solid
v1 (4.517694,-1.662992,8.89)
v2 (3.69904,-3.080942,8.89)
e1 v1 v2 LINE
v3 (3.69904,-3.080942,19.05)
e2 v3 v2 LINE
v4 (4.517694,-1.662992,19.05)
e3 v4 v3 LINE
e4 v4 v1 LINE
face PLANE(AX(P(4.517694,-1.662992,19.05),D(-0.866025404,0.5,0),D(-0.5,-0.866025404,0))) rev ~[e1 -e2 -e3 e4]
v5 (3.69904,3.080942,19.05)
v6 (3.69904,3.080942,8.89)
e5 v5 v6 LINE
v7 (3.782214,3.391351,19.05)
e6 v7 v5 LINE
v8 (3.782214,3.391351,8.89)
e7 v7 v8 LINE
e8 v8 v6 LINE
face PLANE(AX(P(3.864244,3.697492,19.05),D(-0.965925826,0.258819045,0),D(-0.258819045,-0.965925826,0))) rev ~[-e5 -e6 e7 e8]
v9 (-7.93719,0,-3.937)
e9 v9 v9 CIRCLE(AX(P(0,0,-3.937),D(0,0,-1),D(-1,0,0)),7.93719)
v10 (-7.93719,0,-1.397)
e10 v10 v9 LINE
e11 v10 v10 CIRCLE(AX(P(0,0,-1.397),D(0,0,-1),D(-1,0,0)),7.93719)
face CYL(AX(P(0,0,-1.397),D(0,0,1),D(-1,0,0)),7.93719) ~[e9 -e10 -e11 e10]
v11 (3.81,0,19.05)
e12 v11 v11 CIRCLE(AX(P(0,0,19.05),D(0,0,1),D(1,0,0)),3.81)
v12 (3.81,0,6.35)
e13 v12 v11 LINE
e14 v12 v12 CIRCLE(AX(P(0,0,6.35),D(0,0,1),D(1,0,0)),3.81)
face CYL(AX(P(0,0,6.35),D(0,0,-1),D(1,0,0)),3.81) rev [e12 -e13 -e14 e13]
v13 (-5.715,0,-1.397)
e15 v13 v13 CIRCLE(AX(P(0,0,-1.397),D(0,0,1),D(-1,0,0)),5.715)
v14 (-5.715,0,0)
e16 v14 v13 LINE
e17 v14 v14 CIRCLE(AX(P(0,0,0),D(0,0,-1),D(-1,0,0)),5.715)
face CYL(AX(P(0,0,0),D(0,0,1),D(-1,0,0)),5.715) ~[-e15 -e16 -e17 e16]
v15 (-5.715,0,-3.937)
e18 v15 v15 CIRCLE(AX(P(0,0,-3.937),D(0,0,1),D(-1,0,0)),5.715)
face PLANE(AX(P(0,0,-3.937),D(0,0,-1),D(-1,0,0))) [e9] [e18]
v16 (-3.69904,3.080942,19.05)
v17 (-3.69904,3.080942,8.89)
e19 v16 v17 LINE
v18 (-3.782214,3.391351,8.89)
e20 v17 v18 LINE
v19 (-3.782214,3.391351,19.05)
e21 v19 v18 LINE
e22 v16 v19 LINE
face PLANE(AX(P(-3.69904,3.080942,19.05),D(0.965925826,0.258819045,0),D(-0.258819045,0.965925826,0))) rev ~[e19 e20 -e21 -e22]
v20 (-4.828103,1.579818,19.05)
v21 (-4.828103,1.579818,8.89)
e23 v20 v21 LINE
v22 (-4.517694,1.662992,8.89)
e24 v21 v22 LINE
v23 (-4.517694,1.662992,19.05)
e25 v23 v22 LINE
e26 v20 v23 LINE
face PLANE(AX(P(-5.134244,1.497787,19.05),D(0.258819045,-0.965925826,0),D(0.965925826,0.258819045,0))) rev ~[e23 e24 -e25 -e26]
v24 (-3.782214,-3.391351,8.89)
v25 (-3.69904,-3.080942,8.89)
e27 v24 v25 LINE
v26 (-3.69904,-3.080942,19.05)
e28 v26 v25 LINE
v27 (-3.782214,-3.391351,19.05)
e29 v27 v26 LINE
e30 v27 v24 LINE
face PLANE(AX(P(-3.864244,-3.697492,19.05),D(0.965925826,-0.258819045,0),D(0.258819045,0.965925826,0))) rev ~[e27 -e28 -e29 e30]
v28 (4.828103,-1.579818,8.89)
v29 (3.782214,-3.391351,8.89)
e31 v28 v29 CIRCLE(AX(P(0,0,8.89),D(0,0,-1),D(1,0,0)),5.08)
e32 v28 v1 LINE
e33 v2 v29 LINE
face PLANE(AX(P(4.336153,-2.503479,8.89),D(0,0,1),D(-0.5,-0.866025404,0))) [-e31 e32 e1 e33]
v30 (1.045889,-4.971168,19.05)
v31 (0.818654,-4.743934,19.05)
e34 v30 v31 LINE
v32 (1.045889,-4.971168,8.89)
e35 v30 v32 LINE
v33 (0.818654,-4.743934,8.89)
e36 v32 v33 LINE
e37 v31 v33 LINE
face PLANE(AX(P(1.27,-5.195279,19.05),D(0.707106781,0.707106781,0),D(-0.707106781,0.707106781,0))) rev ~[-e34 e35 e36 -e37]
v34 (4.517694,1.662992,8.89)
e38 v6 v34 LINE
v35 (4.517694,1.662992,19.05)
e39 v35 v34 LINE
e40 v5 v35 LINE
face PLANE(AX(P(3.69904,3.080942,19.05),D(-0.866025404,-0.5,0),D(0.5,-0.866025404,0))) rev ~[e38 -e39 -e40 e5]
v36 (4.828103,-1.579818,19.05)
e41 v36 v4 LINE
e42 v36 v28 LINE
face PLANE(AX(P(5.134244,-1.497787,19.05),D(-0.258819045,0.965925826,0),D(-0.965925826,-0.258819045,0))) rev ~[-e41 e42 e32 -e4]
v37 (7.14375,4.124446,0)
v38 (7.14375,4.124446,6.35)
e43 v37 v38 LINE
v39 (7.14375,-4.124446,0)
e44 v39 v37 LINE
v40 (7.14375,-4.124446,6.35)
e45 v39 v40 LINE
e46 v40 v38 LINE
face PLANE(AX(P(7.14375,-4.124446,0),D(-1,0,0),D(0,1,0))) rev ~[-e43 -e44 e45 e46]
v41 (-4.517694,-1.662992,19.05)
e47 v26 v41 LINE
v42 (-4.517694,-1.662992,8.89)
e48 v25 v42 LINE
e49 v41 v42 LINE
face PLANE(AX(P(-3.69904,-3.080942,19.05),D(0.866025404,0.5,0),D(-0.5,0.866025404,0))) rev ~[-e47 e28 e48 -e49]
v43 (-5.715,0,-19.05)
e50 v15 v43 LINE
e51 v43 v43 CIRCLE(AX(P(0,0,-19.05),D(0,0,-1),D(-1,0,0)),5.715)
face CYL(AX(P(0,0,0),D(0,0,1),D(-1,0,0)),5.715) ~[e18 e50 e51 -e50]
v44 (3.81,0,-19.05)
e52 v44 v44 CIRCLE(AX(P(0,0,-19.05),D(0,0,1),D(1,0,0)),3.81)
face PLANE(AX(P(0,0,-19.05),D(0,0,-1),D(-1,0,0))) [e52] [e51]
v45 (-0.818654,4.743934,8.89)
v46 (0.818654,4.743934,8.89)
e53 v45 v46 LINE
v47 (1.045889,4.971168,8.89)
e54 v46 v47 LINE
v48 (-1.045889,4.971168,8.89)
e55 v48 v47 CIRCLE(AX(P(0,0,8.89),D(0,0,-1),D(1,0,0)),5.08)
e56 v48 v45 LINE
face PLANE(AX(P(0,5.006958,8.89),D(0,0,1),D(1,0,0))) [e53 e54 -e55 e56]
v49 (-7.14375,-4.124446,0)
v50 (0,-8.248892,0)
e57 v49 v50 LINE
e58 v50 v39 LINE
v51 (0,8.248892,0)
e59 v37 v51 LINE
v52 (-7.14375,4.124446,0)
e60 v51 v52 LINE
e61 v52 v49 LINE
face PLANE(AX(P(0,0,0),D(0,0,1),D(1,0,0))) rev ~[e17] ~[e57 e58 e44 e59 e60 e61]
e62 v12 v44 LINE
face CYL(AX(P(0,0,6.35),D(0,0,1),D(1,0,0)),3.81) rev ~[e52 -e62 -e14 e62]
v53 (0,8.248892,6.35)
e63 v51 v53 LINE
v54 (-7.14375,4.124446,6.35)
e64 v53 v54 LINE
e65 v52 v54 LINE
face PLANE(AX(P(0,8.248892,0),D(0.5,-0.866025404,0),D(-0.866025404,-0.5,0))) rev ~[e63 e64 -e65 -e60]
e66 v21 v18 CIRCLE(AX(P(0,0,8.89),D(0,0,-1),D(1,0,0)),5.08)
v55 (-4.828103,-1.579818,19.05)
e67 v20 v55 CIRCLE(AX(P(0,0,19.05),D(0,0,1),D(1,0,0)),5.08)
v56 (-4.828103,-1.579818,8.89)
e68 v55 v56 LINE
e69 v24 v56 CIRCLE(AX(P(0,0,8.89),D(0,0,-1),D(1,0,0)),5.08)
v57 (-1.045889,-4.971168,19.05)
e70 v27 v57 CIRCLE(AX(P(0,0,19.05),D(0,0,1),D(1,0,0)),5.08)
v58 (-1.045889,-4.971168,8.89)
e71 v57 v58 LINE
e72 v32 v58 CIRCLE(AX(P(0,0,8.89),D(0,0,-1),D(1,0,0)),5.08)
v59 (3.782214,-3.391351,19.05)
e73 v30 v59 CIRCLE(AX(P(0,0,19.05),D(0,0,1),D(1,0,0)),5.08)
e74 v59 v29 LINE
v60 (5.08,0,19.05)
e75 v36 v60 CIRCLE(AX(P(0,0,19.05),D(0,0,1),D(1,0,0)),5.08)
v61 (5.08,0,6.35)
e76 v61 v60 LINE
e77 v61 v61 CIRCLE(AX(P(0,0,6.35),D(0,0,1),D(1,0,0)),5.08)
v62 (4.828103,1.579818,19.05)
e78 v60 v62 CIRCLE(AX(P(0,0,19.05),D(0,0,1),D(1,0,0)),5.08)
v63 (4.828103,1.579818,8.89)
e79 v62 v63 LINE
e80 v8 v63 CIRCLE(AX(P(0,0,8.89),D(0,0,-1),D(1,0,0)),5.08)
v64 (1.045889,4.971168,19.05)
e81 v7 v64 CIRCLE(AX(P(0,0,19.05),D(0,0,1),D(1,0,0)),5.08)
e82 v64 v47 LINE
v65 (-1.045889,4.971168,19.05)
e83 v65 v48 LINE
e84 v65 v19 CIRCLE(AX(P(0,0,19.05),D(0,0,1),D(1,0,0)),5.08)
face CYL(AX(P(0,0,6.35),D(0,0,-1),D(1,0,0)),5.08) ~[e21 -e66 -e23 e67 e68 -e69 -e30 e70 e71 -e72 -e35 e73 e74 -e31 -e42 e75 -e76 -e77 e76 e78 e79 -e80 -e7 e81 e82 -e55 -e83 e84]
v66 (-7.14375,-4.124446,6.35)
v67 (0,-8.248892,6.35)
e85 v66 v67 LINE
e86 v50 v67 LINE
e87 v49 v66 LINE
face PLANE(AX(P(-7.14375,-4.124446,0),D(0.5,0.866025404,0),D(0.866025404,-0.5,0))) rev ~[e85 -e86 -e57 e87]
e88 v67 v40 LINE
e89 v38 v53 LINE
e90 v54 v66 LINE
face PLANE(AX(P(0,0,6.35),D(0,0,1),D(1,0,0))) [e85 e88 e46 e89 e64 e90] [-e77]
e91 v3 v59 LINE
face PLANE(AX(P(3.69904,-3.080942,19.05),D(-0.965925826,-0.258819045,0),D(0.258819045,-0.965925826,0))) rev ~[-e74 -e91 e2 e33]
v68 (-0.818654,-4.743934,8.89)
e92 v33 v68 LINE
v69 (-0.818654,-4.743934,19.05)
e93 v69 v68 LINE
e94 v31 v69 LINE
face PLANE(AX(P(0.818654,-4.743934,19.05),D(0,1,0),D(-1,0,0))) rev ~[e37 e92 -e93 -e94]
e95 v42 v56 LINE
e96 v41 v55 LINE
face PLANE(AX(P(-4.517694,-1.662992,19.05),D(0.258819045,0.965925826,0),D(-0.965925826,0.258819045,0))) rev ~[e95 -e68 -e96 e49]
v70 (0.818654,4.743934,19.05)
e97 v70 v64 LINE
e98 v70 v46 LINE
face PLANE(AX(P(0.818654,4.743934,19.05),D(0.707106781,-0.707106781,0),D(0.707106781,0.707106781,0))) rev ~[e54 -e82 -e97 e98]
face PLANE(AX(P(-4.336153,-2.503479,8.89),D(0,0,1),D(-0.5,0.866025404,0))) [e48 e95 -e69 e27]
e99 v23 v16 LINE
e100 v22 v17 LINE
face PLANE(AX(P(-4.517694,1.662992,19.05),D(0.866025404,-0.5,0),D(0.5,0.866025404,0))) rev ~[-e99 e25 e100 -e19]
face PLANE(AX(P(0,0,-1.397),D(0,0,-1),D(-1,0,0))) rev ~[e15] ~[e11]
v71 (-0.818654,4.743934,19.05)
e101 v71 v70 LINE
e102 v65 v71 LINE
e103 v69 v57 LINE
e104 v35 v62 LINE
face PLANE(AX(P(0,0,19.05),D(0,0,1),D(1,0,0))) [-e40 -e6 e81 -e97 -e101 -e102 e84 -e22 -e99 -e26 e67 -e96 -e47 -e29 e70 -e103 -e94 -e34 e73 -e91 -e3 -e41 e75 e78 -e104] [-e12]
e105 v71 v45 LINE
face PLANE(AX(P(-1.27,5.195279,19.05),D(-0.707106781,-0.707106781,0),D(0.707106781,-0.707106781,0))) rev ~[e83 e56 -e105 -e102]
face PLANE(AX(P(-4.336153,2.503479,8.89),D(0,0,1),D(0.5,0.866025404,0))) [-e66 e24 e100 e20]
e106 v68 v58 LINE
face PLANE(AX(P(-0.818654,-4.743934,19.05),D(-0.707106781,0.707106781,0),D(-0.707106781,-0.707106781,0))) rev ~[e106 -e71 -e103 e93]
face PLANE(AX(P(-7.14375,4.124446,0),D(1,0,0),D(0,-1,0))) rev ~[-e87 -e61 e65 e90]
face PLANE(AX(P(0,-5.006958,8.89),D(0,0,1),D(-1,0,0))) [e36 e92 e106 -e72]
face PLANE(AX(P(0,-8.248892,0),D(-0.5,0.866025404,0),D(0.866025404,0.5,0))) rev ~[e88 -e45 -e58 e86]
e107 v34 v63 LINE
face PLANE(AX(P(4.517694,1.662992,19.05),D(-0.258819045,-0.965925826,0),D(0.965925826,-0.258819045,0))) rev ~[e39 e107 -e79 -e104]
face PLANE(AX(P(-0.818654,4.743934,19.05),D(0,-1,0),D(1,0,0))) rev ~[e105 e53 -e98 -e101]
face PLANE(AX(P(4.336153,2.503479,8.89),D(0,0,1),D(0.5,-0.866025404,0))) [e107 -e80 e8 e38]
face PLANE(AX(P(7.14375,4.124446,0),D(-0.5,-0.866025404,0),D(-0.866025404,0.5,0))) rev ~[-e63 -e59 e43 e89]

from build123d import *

# Parameters (mm, degrees)
BOSS_EXTRUDE1_DEPTH = 6.35
SKETCH2_R           = 5.08
SKETCH2_R_2         = 3.81
BOSS_EXTRUDE2_DEPTH = 12.7
SKETCH3_R           = 5.715
BOSS_EXTRUDE3_DEPTH = 19.05
SKETCH4_R           = 7.937190451
BOSS_EXTRUDE4_DEPTH = 2.54
SKETCH5_R           = 3.81
CUT_EXTRUDE1_DEPTH  = 26.4
CUT_EXTRUDE2_DEPTH  = 10.16
CIRPATTERN1_COUNT   = 6


with BuildPart() as part:
    # Sketch1 → Boss-Extrude1 (new body)
    with BuildSketch(Plane.XY):
        Polygon((0, 8.248891971), (-7.14375, 4.124445986), (-7.14375, -4.124445986), (0, -8.248891971), (7.14375, -4.124445986), (7.14375, 4.124445986), align=None)
    extrude(amount=BOSS_EXTRUDE1_DEPTH)

    # Sketch2 → Boss-Extrude2 (add)
    with BuildSketch(Plane.XY.offset(6.35)):
        Circle(SKETCH2_R)
        Circle(SKETCH2_R_2, mode=Mode.SUBTRACT)
    extrude(amount=BOSS_EXTRUDE2_DEPTH)

    # Sketch3 → Boss-Extrude3 (add)
    with BuildSketch(Plane(origin=(0, 0, 0), x_dir=(-1, 0, 0), z_dir=(0, 0, -1))):
        Circle(SKETCH3_R)
    extrude(amount=BOSS_EXTRUDE3_DEPTH)

    # Sketch4 → Boss-Extrude4 (add)
    with BuildSketch(Plane(origin=(0, 0, -1.397), x_dir=(-1, 0, 0), z_dir=(0, 0, -1))):
        Circle(SKETCH4_R)
    extrude(amount=BOSS_EXTRUDE4_DEPTH)

    # Sketch5 → Cut-Extrude1 (cut, through all)
    with BuildSketch(Plane.XY.offset(6.35)):
        Circle(SKETCH5_R)
    extrude(amount=-CUT_EXTRUDE1_DEPTH, mode=Mode.SUBTRACT)

    # Sketch6 → Cut-Extrude2 (cut)
    with BuildSketch(Plane.XY.offset(19.05)):
        Polygon((-0.818654099, 4.743933512), (0.818654099, 4.743933512), (1.27, 5.195279413), (-1.27, 5.195279413), align=None)
    cut_extrude2 = extrude(amount=-CUT_EXTRUDE2_DEPTH, mode=Mode.SUBTRACT)

    # CirPattern1: Cut-Extrude2 ×6 about axis
    cirpattern1_axis = Axis((0, 0, 0), (0, 0, 1))
    for i in range(1, CIRPATTERN1_COUNT):
        add(cut_extrude2.rotate(cirpattern1_axis, i * 360 / CIRPATTERN1_COUNT), mode=Mode.SUBTRACT)


solid = part.part
